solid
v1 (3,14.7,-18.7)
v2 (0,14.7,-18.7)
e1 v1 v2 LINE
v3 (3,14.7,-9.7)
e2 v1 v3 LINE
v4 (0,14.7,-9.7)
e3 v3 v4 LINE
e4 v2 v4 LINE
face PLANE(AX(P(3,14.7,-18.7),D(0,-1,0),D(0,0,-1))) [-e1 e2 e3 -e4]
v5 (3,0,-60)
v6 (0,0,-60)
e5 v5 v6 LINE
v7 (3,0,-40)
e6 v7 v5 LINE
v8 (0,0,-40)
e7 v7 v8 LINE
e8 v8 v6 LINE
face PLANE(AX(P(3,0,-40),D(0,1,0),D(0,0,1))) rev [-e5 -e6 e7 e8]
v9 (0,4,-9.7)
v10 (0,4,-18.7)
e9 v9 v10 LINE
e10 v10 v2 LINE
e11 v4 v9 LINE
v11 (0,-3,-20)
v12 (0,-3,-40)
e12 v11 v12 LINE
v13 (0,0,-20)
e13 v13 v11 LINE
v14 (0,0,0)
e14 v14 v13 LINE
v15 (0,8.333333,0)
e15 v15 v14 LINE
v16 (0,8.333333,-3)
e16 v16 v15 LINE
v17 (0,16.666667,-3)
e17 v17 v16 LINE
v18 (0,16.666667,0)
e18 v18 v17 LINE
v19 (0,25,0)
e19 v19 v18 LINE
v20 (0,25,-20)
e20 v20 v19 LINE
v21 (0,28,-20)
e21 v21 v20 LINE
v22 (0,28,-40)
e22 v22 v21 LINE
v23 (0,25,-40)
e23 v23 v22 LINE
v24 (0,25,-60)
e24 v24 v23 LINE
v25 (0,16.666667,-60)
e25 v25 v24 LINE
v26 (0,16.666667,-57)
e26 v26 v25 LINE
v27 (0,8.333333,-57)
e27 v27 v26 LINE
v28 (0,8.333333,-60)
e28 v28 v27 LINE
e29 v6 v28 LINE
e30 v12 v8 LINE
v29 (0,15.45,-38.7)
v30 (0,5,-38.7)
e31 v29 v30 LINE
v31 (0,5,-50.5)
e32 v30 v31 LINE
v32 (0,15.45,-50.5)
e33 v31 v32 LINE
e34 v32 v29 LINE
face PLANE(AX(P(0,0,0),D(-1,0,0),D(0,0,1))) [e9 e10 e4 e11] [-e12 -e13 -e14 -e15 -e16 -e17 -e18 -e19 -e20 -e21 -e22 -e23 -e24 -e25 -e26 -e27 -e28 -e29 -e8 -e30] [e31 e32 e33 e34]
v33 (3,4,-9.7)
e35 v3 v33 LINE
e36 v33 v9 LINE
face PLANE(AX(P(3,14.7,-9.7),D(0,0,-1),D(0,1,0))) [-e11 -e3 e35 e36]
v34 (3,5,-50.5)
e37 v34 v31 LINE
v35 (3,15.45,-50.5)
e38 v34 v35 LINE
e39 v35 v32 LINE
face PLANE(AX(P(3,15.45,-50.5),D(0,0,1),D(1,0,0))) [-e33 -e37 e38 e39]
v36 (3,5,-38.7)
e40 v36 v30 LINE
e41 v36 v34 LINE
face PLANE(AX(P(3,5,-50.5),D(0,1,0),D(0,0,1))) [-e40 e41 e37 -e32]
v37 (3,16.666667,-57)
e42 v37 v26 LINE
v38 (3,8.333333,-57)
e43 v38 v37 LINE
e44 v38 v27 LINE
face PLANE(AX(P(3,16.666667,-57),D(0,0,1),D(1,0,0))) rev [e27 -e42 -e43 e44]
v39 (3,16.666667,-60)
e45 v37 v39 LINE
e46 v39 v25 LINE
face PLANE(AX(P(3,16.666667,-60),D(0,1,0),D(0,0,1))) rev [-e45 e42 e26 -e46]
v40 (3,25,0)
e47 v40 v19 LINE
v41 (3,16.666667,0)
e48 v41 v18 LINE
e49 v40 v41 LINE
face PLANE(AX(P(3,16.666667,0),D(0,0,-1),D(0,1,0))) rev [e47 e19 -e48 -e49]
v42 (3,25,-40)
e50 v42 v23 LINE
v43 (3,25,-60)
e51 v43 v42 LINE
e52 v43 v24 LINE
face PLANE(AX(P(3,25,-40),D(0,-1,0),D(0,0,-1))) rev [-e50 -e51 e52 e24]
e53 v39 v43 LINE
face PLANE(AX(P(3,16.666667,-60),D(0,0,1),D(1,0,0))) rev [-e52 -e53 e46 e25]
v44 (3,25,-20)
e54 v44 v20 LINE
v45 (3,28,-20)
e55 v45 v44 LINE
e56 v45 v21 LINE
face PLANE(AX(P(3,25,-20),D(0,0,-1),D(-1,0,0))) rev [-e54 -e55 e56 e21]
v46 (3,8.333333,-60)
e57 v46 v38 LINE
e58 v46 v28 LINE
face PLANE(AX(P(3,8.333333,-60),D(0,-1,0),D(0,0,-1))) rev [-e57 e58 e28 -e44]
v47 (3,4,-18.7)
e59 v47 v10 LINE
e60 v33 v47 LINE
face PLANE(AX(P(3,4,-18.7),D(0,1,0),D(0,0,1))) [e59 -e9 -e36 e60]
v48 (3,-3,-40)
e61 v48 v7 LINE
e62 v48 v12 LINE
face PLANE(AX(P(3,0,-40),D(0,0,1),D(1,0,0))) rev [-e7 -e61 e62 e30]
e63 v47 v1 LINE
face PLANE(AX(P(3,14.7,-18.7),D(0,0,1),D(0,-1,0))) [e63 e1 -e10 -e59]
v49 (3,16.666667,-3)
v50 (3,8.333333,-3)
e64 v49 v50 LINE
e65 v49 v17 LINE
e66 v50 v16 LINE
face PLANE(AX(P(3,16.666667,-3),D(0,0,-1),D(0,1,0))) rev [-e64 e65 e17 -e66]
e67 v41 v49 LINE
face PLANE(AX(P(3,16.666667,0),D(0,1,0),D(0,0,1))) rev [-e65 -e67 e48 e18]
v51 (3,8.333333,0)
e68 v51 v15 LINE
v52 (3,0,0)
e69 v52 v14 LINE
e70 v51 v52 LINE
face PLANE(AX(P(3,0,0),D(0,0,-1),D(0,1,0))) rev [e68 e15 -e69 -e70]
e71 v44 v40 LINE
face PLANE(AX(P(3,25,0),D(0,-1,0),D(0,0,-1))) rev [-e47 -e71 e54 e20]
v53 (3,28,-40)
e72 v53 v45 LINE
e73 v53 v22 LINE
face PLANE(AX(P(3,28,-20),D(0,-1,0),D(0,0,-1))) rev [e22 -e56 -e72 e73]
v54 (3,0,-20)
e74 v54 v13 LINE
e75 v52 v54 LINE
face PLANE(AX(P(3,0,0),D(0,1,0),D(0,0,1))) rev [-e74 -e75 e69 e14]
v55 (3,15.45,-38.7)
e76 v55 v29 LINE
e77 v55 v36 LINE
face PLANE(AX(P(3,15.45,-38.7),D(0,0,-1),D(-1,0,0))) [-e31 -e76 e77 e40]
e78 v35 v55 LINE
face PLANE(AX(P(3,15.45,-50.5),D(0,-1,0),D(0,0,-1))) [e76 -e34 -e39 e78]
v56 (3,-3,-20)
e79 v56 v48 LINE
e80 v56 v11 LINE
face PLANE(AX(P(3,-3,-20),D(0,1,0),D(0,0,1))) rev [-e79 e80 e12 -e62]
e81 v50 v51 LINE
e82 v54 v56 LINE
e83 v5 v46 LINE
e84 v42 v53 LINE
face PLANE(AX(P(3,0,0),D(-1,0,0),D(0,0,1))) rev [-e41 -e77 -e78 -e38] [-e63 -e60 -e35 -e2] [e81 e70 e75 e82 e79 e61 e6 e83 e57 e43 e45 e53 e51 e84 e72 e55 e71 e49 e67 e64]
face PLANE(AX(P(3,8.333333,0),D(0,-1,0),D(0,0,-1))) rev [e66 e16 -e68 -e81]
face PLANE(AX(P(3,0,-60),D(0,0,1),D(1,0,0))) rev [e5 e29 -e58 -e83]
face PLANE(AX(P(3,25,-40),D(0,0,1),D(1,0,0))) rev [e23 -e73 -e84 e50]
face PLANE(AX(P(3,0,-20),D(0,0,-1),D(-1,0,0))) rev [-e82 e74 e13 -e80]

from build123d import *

# Parameters (mm, degrees)
SIDES_W              = 11.8
SIDES_H              = 10.45
SIDES_W_2            = 9
SIDES_H_2            = 10.7
SIDES_EXTRUDED_DEPTH = 3


with BuildPart() as part:
    # Sides → Sides Extruded (new body)
    with BuildSketch(Plane(origin=(0, 0, 0), x_dir=(0, 0, -1), z_dir=(1, 0, 0))):
        Polygon((0, 16.66666666), (0, 25), (20, 25), (20, 28), (40, 28), (40, 25), (60, 25), (60, 16.66666666), (57, 16.66666666), (57, 8.33333333), (60, 8.33333333), (60, 0), (40, 0), (40, -3), (20, -3), (20, 0), (0, 0), (0, 8.33333333), (3, 8.33333333), (3, 16.66666666), align=None)
        with Locations((44.6, 10.225)):
            Rectangle(SIDES_W, SIDES_H, mode=Mode.SUBTRACT)
        with Locations((14.2, 9.35)):
            Rectangle(SIDES_W_2, SIDES_H_2, mode=Mode.SUBTRACT)
    extrude(amount=SIDES_EXTRUDED_DEPTH)


solid = part.part
